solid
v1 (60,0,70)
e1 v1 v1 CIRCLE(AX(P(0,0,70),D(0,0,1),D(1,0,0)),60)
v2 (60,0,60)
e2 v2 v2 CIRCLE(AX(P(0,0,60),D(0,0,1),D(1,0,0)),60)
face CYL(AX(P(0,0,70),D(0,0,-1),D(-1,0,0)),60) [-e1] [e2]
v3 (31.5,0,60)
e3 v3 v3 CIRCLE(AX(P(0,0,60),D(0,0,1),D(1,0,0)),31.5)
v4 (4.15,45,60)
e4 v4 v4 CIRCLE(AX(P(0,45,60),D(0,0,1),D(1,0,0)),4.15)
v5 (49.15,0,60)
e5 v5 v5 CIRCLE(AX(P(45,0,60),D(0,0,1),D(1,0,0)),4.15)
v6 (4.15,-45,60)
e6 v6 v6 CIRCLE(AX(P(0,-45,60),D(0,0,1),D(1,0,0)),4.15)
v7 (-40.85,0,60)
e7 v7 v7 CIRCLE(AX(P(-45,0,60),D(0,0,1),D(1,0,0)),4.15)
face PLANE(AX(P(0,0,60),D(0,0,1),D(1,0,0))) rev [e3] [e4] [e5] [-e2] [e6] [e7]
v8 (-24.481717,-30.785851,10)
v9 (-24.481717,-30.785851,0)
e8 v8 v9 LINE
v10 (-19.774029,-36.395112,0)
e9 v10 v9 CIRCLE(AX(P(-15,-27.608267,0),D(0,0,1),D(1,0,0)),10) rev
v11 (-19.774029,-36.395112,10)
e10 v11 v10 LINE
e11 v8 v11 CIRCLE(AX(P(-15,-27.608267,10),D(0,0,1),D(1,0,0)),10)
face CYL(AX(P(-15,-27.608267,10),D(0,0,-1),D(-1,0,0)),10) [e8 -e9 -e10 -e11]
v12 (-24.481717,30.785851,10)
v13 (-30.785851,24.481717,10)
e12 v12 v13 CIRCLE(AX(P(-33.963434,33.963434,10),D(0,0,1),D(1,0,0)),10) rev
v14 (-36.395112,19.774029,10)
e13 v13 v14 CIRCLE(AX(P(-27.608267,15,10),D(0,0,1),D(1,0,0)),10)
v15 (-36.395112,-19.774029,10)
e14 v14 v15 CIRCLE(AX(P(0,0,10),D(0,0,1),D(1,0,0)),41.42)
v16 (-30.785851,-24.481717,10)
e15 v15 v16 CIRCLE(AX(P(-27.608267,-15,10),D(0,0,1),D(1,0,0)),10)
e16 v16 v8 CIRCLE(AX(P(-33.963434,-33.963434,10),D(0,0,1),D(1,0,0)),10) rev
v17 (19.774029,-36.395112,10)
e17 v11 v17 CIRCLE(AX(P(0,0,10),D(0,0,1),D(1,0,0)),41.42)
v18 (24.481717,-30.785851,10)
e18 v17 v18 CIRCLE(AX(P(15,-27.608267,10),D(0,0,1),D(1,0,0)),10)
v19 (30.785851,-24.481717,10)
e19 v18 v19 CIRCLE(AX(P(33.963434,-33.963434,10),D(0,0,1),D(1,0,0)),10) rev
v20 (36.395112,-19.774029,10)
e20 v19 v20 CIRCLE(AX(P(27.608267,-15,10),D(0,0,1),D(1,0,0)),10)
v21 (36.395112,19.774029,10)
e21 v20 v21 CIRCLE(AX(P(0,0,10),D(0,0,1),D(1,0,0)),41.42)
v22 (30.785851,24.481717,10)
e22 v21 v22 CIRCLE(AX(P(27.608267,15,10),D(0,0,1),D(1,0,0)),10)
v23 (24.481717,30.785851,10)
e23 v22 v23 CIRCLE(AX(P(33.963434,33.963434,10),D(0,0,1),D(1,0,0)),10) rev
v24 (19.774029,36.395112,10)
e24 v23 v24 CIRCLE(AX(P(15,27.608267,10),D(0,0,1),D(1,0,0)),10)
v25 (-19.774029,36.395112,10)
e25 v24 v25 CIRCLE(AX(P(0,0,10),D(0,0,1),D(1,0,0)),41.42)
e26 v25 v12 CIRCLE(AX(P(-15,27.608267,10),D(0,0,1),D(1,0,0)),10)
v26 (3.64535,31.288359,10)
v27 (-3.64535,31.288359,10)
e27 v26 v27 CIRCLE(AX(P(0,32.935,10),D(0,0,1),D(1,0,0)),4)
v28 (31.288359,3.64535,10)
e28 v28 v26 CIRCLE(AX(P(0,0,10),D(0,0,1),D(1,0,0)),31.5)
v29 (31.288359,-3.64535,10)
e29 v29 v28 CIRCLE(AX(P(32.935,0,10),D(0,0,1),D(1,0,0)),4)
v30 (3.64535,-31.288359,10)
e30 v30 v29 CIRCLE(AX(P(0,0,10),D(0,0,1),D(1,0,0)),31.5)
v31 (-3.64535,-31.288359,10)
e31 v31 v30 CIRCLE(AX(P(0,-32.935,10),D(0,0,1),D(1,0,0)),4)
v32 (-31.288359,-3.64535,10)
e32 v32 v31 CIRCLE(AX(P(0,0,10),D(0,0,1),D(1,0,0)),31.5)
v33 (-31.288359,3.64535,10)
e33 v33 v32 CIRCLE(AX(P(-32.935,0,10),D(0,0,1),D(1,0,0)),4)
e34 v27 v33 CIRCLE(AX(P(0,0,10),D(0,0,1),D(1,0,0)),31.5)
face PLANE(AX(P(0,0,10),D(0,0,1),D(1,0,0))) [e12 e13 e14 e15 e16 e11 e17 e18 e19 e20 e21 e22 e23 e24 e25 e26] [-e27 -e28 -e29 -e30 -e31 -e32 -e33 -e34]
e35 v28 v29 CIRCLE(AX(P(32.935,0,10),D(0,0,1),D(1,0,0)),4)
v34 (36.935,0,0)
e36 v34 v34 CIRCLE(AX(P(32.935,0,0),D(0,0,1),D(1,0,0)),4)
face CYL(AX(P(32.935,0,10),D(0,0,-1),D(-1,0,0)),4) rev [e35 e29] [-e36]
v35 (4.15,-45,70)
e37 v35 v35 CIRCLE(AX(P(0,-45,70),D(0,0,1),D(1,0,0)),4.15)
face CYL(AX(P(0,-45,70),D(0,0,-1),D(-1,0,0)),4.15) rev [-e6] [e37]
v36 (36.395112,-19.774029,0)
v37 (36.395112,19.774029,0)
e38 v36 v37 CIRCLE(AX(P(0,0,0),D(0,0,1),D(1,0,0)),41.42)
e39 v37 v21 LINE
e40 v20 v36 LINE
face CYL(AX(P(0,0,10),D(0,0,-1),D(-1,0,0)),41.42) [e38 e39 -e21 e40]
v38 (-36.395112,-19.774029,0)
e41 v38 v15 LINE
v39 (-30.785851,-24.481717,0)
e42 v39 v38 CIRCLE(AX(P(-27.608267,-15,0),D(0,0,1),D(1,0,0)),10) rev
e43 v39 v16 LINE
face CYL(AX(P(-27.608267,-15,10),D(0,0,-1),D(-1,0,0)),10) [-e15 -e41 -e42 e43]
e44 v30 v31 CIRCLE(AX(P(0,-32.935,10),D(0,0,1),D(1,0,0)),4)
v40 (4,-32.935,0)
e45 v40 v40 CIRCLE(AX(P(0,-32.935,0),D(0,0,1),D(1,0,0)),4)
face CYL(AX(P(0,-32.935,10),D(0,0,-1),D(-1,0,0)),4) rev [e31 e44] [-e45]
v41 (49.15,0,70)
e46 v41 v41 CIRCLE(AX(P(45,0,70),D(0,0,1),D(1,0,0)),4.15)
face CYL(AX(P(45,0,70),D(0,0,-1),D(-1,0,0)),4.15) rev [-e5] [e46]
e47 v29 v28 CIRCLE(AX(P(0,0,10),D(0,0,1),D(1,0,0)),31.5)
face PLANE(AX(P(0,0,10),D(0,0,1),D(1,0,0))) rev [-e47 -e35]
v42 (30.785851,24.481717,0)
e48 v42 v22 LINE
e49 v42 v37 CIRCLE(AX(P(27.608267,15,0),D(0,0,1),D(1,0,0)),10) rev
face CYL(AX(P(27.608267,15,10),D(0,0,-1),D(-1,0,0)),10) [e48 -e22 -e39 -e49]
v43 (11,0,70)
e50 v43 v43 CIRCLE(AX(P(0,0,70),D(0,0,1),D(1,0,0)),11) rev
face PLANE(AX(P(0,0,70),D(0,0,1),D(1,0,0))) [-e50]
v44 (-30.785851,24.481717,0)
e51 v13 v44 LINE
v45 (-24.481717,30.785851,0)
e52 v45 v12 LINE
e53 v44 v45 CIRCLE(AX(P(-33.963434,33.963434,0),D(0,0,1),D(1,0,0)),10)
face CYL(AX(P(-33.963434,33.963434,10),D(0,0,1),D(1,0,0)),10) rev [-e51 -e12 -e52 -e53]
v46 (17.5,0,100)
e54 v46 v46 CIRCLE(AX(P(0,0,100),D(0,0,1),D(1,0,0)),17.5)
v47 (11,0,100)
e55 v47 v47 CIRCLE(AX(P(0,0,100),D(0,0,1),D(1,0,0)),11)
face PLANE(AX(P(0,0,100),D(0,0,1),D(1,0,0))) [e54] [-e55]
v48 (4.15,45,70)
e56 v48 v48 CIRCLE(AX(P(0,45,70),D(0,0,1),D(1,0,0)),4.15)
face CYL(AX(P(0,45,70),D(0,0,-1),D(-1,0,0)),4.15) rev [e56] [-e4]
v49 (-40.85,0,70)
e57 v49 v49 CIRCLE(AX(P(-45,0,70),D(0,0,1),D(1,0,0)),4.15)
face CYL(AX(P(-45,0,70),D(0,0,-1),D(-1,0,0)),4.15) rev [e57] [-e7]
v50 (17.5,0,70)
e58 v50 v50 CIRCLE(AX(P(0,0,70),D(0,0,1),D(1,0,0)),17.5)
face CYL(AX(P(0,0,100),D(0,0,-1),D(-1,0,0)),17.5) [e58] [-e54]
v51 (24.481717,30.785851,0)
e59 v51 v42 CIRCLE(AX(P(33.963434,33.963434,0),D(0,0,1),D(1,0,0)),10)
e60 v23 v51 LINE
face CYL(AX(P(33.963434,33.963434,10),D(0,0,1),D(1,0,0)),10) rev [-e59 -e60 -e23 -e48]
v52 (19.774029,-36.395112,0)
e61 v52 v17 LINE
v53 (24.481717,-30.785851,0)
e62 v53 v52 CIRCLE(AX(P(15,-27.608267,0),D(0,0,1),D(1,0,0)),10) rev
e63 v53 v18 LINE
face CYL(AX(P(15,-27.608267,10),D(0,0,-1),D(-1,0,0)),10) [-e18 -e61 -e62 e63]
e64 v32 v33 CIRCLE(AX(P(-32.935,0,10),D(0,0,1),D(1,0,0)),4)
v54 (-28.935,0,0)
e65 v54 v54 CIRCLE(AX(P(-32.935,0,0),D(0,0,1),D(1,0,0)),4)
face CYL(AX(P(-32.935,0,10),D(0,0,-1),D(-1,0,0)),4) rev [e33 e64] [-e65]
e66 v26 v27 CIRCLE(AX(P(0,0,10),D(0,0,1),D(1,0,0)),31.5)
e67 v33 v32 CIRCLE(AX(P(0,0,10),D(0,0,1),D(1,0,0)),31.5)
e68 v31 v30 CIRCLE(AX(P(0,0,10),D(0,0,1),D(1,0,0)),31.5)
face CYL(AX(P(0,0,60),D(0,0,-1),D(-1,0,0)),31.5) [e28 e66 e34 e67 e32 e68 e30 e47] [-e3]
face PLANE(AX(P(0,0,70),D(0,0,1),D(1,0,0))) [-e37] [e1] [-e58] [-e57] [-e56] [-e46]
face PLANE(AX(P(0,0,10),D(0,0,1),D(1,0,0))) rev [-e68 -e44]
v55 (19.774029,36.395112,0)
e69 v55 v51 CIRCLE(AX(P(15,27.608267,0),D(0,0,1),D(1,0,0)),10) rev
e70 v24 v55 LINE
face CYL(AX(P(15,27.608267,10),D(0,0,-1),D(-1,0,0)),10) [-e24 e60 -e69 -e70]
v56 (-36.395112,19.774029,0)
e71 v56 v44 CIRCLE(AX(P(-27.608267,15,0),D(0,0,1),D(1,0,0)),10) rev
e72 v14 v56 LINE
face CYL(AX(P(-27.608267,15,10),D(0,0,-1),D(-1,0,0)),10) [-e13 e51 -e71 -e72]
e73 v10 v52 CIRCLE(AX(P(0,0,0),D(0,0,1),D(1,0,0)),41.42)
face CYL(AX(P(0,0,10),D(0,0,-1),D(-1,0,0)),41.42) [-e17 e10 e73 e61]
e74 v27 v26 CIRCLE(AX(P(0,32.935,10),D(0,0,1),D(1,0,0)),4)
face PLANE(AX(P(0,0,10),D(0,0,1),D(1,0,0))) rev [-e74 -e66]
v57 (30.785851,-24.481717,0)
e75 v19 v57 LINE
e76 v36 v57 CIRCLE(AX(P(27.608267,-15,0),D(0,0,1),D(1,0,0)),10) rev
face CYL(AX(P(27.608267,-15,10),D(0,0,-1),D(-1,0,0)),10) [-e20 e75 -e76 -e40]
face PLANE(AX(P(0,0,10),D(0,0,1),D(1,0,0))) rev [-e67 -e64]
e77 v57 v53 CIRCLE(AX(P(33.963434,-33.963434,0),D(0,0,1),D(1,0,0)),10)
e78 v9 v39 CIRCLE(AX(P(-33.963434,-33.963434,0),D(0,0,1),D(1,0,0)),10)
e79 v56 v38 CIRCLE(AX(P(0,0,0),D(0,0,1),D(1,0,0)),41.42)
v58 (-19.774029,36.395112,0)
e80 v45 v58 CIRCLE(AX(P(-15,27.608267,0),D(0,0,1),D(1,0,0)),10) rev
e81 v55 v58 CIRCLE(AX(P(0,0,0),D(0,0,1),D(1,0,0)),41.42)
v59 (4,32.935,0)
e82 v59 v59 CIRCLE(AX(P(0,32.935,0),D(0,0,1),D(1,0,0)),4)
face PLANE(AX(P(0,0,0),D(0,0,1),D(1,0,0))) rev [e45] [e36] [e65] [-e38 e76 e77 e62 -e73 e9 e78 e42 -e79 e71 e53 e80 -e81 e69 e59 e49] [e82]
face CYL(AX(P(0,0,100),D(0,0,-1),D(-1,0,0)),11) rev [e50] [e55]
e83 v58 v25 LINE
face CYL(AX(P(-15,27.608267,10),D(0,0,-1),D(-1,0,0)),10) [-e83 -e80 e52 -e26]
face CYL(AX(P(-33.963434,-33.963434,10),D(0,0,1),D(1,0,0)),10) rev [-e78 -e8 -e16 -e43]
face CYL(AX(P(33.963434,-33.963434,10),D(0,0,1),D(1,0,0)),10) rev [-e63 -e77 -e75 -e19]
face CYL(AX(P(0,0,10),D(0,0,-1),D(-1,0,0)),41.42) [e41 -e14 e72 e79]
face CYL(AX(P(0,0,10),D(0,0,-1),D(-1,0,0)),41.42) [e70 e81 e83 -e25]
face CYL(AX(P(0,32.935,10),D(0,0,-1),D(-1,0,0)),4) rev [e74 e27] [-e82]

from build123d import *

# Parameters (mm, degrees)
SKETCH1_W           = 50
SKETCH1_H           = 50
SKETCH1_R           = 4
BOSS_EXTRUDE1_DEPTH = 10
FILLET1_R           = 10
FILLET2_R           = 10
SKETCH2_R           = 31.5
BOSS_EXTRUDE2_DEPTH = 50
SKETCH3_R           = 60
SKETCH3_R_2         = 4.15
BOSS_EXTRUDE3_DEPTH = 10
SKETCH4_R           = 17.5
SKETCH4_R_2         = 11
BOSS_EXTRUDE4_DEPTH = 30


with BuildPart() as part:
    # Sketch1 → Boss-Extrude1 (new body)
    # profile 1 of 5: a face of its own
    with BuildSketch(Plane.XY):
        Rectangle(SKETCH1_W, SKETCH1_H)
    # profile 2 of 5: a face of its own
    with BuildSketch(Plane.XY):
        with BuildLine():
            Line((-25, -25), (-25, 25))
            Line((-25, 25), (-33.024481828, 25))
            ThreePointArc((-33.024481828, 25), (-41.42, 0), (-33.024481828, -25))
            Line((-33.024481828, -25), (-25, -25))
        make_face()
        with Locations((-32.935, 0)):
            Circle(SKETCH1_R, mode=Mode.SUBTRACT)
    # profile 3 of 5: a face of its own
    with BuildSketch(Plane.XY):
        with BuildLine():
            Line((25, 25), (25, 33.024481828))
            ThreePointArc((25, 33.024481828), (0, 41.42), (-25, 33.024481828))
            Line((-25, 33.024481828), (-25, 25))
            Line((-25, 25), (25, 25))
        make_face()
        with Locations((0, 32.935)):
            Circle(SKETCH1_R, mode=Mode.SUBTRACT)
    # profile 4 of 5: a face of its own
    with BuildSketch(Plane.XY):
        with BuildLine():
            Line((33.024481828, 25), (25, 25))
            Line((25, 25), (25, -25))
            Line((25, -25), (33.024481828, -25))
            ThreePointArc((33.024481828, -25), (41.42, 0), (33.024481828, 25))
        make_face()
        with Locations((32.935, 0)):
            Circle(SKETCH1_R, mode=Mode.SUBTRACT)
    # profile 5 of 5: a face of its own
    with BuildSketch(Plane.XY):
        with BuildLine():
            Line((25, -33.024481828), (25, -25))
            Line((25, -25), (-25, -25))
            Line((-25, -25), (-25, -33.024481828))
            ThreePointArc((-25, -33.024481828), (0, -41.42), (25, -33.024481828))
        make_face()
        with Locations((0, -32.935)):
            Circle(SKETCH1_R, mode=Mode.SUBTRACT)
    extrude(amount=BOSS_EXTRUDE1_DEPTH)

    # Fillet1
    fillet1_edges = [part.edges().sort_by_distance(p)[0] for p in [
        (-25, 33.024481828, 5),
        (25, 33.024481828, 5),
        (33.024481828, 25, 5),
        (33.024481828, -25, 5),
        (25, -33.024481828, 5),
        (-25, -33.024481828, 5),
        (-33.024481828, -25, 5),
        (-33.024481828, 25, 5),
    ]]
    fillet(fillet1_edges, radius=FILLET1_R)

    # Fillet2
    fillet2_edges = [part.edges().sort_by_distance(p)[0] for p in [
        (25, 25, 5),
        (-25, 25, 5),
        (-25, -25, 5),
        (25, -25, 5),
    ]]
    fillet(fillet2_edges, radius=FILLET2_R)

    # Sketch2 → Boss-Extrude2 (add)
    with BuildSketch(Plane.XY.offset(10)):
        with Locations(Location((0, 0, 0), (0, 0, 173.354533999))):
            Circle(SKETCH2_R)
    extrude(amount=BOSS_EXTRUDE2_DEPTH)

    # Sketch3 → Boss-Extrude3 (add)
    with BuildSketch(Plane.XY.offset(60)):
        Circle(SKETCH3_R)
        with Locations((0, 45)):
            Circle(SKETCH3_R_2, mode=Mode.SUBTRACT)
        with Locations((45, 0)):
            Circle(SKETCH3_R_2, mode=Mode.SUBTRACT)
        with Locations((0, -45)):
            Circle(SKETCH3_R_2, mode=Mode.SUBTRACT)
        with Locations((-45, 0)):
            Circle(SKETCH3_R_2, mode=Mode.SUBTRACT)
    extrude(amount=BOSS_EXTRUDE3_DEPTH)

    # Sketch4 → Boss-Extrude4 (add)
    with BuildSketch(Plane.XY.offset(70)):
        Circle(SKETCH4_R)
        Circle(SKETCH4_R_2, mode=Mode.SUBTRACT)
    extrude(amount=BOSS_EXTRUDE4_DEPTH)


solid = part.part
